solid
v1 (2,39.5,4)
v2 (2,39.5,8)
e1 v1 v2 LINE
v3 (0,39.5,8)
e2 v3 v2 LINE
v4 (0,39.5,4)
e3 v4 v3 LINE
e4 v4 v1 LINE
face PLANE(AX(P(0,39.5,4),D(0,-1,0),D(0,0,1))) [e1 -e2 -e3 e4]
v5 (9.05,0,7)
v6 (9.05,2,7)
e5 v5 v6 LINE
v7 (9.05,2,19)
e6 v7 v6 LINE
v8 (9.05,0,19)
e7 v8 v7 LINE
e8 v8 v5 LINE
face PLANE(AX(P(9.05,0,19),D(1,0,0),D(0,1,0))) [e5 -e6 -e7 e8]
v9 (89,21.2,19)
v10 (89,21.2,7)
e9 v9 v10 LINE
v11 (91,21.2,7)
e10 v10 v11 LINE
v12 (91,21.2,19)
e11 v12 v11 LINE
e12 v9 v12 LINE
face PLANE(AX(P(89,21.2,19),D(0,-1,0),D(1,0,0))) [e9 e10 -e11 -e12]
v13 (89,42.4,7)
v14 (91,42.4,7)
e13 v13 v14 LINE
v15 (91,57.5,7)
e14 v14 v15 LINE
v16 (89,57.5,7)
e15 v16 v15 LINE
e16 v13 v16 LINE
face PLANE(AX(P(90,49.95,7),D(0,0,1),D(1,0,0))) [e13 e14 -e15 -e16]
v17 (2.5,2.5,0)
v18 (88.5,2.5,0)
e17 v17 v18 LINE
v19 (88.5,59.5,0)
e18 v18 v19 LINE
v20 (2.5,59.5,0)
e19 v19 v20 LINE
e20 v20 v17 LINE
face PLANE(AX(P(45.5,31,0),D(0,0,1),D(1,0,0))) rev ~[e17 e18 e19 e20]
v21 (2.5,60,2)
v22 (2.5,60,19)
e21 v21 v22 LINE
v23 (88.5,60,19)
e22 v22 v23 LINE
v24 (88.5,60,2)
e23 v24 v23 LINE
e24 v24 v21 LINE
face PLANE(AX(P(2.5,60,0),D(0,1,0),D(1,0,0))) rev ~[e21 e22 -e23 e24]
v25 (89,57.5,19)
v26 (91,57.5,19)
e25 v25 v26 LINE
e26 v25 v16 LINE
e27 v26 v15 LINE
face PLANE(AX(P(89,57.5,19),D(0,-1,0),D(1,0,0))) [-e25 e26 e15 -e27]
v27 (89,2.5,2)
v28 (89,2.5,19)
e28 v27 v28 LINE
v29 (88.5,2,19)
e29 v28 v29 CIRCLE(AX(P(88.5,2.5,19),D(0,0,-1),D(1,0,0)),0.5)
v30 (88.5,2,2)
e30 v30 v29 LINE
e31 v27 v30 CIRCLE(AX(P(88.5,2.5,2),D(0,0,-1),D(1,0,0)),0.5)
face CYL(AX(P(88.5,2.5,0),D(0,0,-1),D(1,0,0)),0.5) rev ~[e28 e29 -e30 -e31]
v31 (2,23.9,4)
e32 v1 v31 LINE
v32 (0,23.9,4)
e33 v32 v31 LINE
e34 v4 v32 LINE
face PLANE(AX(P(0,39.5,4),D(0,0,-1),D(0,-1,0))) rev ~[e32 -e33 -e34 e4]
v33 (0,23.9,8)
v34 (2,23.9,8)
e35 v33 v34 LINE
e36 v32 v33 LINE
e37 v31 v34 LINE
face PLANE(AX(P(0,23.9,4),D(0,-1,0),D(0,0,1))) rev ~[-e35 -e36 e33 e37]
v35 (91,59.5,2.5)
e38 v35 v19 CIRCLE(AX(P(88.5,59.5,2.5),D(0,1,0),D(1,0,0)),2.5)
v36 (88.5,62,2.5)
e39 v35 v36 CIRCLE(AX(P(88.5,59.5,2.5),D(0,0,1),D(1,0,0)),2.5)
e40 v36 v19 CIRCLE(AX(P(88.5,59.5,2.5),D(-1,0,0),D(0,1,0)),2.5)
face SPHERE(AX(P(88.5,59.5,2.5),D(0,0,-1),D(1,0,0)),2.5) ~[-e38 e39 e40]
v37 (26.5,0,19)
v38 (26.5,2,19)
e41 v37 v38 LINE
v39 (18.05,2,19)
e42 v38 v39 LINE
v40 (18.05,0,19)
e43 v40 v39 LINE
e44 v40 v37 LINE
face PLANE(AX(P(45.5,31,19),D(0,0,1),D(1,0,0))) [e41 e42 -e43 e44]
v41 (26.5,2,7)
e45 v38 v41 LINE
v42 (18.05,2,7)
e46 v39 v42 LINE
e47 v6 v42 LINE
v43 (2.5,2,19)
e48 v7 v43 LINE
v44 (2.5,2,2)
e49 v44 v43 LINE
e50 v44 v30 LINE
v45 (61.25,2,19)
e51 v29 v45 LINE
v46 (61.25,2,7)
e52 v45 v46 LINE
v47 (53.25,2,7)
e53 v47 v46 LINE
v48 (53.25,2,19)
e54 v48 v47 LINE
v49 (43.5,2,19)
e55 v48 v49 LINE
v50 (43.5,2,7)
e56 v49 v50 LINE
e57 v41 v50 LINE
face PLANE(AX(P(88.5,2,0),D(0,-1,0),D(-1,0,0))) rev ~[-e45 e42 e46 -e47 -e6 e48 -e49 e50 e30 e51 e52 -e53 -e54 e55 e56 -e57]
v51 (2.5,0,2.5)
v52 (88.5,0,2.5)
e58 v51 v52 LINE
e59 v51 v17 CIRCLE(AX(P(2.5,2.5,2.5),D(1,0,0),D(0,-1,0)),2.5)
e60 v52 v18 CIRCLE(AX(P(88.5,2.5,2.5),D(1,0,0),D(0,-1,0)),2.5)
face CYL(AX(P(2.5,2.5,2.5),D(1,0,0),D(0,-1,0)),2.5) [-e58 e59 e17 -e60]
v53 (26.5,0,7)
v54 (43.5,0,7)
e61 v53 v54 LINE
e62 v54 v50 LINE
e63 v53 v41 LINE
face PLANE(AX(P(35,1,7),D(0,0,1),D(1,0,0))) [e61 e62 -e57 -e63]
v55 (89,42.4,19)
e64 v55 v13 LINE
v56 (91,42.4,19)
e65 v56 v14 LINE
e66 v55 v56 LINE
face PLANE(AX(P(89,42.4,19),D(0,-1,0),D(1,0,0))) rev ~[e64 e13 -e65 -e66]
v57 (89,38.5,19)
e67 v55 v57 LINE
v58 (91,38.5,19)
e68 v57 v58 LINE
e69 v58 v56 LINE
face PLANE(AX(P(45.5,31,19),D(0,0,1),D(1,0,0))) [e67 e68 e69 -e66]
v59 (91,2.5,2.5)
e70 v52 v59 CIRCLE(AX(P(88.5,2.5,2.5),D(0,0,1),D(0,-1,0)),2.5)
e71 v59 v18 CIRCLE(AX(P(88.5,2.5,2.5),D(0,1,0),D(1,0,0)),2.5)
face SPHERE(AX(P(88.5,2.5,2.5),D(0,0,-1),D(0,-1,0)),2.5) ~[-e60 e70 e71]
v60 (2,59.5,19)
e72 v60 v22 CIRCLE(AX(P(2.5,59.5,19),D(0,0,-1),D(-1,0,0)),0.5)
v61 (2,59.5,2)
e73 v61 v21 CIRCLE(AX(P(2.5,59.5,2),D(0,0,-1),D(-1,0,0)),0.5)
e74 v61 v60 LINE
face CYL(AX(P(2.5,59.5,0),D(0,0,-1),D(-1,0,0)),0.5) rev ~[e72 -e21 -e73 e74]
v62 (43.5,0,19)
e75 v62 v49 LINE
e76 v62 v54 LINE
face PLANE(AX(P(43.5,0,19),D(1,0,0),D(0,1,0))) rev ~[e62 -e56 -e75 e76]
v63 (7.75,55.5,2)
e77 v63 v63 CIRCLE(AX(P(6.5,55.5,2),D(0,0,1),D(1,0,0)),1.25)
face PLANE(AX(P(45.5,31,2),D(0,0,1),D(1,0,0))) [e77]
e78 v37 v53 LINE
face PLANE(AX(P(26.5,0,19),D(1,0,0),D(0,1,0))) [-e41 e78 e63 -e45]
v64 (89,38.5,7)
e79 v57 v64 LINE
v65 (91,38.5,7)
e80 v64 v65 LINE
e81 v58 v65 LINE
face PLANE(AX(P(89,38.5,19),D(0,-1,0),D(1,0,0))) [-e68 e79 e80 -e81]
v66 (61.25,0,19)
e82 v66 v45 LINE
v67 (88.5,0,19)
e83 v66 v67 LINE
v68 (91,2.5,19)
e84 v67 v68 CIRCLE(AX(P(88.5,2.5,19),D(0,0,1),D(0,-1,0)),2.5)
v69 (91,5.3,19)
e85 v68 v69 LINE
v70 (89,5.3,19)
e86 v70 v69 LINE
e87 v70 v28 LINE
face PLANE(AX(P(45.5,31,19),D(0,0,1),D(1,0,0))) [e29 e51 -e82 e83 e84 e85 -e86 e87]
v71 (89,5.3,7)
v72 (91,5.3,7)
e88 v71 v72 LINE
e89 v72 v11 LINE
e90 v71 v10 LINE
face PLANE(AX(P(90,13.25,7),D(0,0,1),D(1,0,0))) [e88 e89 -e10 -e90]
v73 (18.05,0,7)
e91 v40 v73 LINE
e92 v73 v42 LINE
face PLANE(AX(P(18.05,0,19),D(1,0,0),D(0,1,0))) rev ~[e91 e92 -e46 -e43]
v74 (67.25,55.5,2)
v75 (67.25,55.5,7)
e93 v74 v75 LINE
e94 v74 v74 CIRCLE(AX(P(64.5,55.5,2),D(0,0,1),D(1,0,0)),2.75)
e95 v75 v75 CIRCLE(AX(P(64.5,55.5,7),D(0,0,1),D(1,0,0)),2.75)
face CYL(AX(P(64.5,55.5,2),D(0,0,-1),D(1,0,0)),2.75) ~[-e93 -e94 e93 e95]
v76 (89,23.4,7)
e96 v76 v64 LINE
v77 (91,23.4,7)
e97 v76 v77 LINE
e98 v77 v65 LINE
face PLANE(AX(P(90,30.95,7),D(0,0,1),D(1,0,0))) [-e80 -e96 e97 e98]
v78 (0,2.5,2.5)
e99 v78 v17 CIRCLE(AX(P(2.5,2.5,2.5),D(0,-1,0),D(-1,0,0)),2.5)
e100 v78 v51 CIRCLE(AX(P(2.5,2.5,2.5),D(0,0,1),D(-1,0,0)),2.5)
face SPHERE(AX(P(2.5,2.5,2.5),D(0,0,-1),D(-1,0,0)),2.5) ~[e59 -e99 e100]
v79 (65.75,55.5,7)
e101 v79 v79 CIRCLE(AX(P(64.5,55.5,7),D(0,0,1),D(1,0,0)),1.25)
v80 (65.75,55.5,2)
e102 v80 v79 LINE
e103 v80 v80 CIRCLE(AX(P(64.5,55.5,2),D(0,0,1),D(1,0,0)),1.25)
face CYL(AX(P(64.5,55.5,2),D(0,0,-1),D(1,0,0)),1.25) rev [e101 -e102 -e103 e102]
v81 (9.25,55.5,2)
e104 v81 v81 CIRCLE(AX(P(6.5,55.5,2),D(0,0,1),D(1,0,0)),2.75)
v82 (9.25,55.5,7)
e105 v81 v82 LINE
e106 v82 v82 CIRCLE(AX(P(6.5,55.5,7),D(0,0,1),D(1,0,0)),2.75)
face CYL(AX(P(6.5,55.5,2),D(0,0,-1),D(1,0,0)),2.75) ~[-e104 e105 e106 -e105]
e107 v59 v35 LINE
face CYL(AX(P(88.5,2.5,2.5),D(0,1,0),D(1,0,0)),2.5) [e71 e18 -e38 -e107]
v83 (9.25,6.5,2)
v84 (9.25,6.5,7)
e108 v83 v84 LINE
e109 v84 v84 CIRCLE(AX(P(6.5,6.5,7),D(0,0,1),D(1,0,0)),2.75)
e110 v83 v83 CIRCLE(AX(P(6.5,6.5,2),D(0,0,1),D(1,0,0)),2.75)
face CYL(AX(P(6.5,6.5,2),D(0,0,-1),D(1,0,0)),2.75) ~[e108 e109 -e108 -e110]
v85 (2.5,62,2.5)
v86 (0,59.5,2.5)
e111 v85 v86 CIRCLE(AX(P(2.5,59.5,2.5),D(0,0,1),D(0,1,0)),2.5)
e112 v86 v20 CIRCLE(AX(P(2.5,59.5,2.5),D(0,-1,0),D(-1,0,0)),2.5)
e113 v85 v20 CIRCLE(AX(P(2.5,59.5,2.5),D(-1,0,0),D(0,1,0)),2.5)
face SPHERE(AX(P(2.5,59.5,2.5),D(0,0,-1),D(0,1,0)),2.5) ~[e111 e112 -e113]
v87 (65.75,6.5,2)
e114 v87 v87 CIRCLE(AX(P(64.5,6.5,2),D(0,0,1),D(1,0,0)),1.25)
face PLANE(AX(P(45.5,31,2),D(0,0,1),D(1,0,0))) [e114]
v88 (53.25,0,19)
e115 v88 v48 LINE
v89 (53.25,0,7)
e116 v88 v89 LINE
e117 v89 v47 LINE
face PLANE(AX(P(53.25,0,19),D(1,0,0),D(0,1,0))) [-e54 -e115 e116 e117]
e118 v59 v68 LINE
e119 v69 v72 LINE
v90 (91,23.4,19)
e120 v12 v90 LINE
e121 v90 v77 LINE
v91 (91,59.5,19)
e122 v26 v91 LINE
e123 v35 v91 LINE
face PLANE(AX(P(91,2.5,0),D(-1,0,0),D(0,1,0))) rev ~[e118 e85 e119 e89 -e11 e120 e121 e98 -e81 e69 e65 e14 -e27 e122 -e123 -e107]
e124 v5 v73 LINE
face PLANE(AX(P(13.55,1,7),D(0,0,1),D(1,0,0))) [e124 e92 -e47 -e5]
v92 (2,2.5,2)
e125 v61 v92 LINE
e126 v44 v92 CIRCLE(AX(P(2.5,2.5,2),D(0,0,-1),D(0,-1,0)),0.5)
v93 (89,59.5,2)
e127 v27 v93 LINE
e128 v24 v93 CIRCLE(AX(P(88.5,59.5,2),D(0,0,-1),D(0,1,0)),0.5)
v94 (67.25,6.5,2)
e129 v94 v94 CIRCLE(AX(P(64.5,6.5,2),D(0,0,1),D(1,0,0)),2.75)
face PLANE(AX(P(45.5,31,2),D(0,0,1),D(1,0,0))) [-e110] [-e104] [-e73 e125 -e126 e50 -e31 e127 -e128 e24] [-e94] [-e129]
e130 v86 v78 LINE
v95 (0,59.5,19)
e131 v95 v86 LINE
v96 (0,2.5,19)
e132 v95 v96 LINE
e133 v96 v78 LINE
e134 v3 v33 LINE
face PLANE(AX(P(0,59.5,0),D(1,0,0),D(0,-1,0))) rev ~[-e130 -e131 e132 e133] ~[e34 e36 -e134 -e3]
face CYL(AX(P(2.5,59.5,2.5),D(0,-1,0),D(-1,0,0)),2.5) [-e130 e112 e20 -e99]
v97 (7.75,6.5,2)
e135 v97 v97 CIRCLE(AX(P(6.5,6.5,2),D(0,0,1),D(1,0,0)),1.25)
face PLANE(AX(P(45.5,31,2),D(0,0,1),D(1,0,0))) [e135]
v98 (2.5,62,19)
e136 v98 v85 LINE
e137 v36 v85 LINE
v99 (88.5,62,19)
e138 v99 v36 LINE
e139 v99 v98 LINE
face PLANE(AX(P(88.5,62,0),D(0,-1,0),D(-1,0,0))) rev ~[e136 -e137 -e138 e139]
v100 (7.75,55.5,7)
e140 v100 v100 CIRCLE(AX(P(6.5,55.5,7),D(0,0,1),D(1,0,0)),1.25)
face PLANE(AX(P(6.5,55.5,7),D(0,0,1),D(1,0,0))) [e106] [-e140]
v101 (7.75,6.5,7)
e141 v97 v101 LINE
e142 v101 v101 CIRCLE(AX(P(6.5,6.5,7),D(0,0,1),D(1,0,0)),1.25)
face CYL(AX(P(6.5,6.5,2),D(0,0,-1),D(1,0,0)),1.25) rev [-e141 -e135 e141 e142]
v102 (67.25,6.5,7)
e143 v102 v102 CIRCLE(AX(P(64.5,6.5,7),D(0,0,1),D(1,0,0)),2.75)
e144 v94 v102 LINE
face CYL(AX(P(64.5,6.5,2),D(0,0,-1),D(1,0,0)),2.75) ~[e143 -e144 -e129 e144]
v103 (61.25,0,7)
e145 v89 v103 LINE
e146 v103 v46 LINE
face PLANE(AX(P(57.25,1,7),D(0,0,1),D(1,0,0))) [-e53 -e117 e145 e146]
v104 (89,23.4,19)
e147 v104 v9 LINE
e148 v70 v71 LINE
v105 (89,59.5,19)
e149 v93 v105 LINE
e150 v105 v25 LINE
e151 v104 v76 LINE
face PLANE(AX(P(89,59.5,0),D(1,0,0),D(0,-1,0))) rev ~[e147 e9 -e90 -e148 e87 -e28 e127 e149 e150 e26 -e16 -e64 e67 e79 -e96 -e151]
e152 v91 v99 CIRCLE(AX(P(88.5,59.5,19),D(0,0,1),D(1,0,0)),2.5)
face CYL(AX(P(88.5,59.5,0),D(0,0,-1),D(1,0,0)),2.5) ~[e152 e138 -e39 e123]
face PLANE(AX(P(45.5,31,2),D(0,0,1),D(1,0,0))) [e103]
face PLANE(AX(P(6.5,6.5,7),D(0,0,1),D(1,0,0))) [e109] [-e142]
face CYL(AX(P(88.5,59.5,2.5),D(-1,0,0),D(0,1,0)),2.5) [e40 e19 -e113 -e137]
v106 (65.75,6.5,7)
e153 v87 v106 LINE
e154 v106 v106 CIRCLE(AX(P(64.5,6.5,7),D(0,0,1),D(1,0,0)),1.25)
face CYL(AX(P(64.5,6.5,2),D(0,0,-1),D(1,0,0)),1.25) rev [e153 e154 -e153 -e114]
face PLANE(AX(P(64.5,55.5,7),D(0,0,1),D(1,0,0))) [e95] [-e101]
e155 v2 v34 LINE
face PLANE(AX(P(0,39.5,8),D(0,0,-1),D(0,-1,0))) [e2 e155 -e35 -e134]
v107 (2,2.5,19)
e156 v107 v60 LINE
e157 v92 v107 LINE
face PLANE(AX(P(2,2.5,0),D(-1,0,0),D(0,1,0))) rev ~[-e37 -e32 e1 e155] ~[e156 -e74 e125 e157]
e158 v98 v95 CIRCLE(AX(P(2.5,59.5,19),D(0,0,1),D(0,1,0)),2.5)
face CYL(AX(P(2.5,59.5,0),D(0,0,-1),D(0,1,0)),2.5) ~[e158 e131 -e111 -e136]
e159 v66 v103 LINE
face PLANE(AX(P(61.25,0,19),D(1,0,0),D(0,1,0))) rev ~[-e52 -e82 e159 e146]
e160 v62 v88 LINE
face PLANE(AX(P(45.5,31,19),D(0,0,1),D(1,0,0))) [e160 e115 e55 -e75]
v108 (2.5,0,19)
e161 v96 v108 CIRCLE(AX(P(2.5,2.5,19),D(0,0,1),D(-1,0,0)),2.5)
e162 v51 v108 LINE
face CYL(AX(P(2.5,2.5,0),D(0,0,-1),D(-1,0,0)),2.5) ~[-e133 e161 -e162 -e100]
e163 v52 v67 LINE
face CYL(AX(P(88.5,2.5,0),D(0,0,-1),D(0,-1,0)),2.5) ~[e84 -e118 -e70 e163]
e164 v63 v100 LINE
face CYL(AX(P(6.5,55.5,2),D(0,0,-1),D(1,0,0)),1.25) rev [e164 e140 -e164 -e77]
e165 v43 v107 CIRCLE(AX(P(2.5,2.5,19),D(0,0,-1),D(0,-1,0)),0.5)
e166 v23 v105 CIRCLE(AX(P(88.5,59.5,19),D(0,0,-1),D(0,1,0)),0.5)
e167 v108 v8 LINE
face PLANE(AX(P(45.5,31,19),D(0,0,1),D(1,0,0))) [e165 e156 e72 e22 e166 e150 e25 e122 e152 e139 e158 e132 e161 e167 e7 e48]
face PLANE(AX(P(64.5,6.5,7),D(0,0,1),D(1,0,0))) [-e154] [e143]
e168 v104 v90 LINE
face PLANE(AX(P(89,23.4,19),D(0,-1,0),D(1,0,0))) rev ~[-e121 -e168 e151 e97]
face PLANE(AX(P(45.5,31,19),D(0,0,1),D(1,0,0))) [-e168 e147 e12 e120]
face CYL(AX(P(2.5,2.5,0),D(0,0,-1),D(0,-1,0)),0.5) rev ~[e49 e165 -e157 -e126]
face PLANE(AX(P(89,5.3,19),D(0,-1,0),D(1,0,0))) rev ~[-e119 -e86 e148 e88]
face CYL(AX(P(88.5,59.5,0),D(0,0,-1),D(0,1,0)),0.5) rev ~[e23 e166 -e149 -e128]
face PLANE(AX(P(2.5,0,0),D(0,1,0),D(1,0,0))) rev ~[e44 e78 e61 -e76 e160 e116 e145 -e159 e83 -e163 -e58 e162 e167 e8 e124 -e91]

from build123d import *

# Parameters (mm, degrees)
F1_DEPTH = 2
F2_DEPTH = 19
F3_R     = 2.75
F3_R_2   = 1.25
F4_DEPTH = 5
F5_W     = 9
F5_H     = 2
F5_W_2   = 17
F5_W_3   = 8
F5_W_4   = 2
F5_H_2   = 15.1
F5_H_3   = 15.9
F6_DEPTH = 12
F7_W     = 15.6
F7_H     = 4
F8_DEPTH = 5
F9_R     = 2.5


with BuildPart() as f1:
    # F0 (on Top) → F1 (new body)
    with BuildSketch(Plane.XY):
        with BuildLine():
            ThreePointArc((0, 2.5), (0.732233047, 0.732233047), (2.5, 0))
            Line((2.5, 0), (88.5, 0))
            ThreePointArc((88.5, 0), (90.267766953, 0.732233047), (91, 2.5))
            Line((91, 2.5), (91, 59.5))
            ThreePointArc((91, 59.5), (90.267766953, 61.267766953), (88.5, 62))
            Line((88.5, 62), (2.5, 62))
            ThreePointArc((2.5, 62), (0.732233047, 61.267766953), (0, 59.5))
            Line((0, 59.5), (0, 2.5))
        make_face()
        with BuildLine():
            ThreePointArc((2, 59.5), (2.1464466094, 59.8535533906), (2.5, 60))
            Line((2.5, 60), (88.5, 60))
            ThreePointArc((88.5, 60), (88.8535533906, 59.8535533906), (89, 59.5))
            Line((89, 59.5), (89, 2.5))
            ThreePointArc((89, 2.5), (88.8535533906, 2.1464466094), (88.5, 2))
            Line((88.5, 2), (2.5, 2))
            ThreePointArc((2.5, 2), (2.1464466094, 2.1464466094), (2, 2.5))
            Line((2, 2.5), (2, 59.5))
        make_face(mode=Mode.SUBTRACT)
        with BuildLine():
            Line((88.5, 60), (2.5, 60))
            ThreePointArc((2.5, 60), (2.1464466094, 59.8535533906), (2, 59.5))
            Line((2, 59.5), (2, 2.5))
            ThreePointArc((2, 2.5), (2.1464466094, 2.1464466094), (2.5, 2))
            Line((2.5, 2), (88.5, 2))
            ThreePointArc((88.5, 2), (88.8535533906, 2.1464466094), (89, 2.5))
            Line((89, 2.5), (89, 59.5))
            ThreePointArc((89, 59.5), (88.8535533906, 59.8535533906), (88.5, 60))
        make_face()
    extrude(amount=F1_DEPTH)

    # F0 (on Top) → F2 (join)
    with BuildSketch(Plane.XY):
        with BuildLine():
            ThreePointArc((0, 2.5), (0.732233047, 0.732233047), (2.5, 0))
            Line((2.5, 0), (88.5, 0))
            ThreePointArc((88.5, 0), (90.267766953, 0.732233047), (91, 2.5))
            Line((91, 2.5), (91, 59.5))
            ThreePointArc((91, 59.5), (90.267766953, 61.267766953), (88.5, 62))
            Line((88.5, 62), (2.5, 62))
            ThreePointArc((2.5, 62), (0.732233047, 61.267766953), (0, 59.5))
            Line((0, 59.5), (0, 2.5))
        make_face()
        with BuildLine():
            ThreePointArc((2, 59.5), (2.1464466094, 59.8535533906), (2.5, 60))
            Line((2.5, 60), (88.5, 60))
            ThreePointArc((88.5, 60), (88.8535533906, 59.8535533906), (89, 59.5))
            Line((89, 59.5), (89, 2.5))
            ThreePointArc((89, 2.5), (88.8535533906, 2.1464466094), (88.5, 2))
            Line((88.5, 2), (2.5, 2))
            ThreePointArc((2.5, 2), (2.1464466094, 2.1464466094), (2, 2.5))
            Line((2, 2.5), (2, 59.5))
        make_face(mode=Mode.SUBTRACT)
    extrude(amount=F2_DEPTH)

    # F3 (on face) → F4 (join)
    with BuildSketch(Plane.XY.offset(2)):
        with Locations((6.5, 55.5)):
            Circle(F3_R)
        with Locations((6.5, 55.5)):
            Circle(F3_R_2, mode=Mode.SUBTRACT)
        with Locations((64.5, 55.5)):
            Circle(F3_R)
        with Locations((64.5, 55.5)):
            Circle(F3_R_2, mode=Mode.SUBTRACT)
        with Locations((6.5, 6.5)):
            Circle(F3_R)
        with Locations((6.5, 6.5)):
            Circle(F3_R_2, mode=Mode.SUBTRACT)
        with Locations((64.5, 6.5)):
            Circle(F3_R)
        with Locations((64.5, 6.5)):
            Circle(F3_R_2, mode=Mode.SUBTRACT)
    extrude(amount=F4_DEPTH)

    # F5 (on face) → F6 (cut)
    with BuildSketch(Plane.XY.offset(19)):
        with Locations((13.55, 1)):
            Rectangle(F5_W, F5_H)
        with Locations((35, 1)):
            Rectangle(F5_W_2, F5_H)
        with Locations((57.25, 1)):
            Rectangle(F5_W_3, F5_H)
        with Locations((90, 49.95)):
            Rectangle(F5_W_4, F5_H_2)
        with Locations((90, 30.95)):
            Rectangle(F5_W_4, F5_H_2)
        with Locations((90, 13.25)):
            Rectangle(F5_W_4, F5_H_3)
    extrude(amount=-F6_DEPTH, mode=Mode.SUBTRACT)

    # F7 (on face) → F8 (cut)
    with BuildSketch(Plane(origin=(0, 0, 0), x_dir=(0, -1, 0), z_dir=(-1, 0, 0))):
        with Locations((-31.7, 6)):
            Rectangle(F7_W, F7_H)
    extrude(amount=-F8_DEPTH, mode=Mode.SUBTRACT)

    # F9
    f9_edges = [f1.edges().sort_by_distance(p)[0] for p in [
        (45.5, 0, 0),
    ]]
    fillet(f9_edges, radius=F9_R)


solid = f1.part
